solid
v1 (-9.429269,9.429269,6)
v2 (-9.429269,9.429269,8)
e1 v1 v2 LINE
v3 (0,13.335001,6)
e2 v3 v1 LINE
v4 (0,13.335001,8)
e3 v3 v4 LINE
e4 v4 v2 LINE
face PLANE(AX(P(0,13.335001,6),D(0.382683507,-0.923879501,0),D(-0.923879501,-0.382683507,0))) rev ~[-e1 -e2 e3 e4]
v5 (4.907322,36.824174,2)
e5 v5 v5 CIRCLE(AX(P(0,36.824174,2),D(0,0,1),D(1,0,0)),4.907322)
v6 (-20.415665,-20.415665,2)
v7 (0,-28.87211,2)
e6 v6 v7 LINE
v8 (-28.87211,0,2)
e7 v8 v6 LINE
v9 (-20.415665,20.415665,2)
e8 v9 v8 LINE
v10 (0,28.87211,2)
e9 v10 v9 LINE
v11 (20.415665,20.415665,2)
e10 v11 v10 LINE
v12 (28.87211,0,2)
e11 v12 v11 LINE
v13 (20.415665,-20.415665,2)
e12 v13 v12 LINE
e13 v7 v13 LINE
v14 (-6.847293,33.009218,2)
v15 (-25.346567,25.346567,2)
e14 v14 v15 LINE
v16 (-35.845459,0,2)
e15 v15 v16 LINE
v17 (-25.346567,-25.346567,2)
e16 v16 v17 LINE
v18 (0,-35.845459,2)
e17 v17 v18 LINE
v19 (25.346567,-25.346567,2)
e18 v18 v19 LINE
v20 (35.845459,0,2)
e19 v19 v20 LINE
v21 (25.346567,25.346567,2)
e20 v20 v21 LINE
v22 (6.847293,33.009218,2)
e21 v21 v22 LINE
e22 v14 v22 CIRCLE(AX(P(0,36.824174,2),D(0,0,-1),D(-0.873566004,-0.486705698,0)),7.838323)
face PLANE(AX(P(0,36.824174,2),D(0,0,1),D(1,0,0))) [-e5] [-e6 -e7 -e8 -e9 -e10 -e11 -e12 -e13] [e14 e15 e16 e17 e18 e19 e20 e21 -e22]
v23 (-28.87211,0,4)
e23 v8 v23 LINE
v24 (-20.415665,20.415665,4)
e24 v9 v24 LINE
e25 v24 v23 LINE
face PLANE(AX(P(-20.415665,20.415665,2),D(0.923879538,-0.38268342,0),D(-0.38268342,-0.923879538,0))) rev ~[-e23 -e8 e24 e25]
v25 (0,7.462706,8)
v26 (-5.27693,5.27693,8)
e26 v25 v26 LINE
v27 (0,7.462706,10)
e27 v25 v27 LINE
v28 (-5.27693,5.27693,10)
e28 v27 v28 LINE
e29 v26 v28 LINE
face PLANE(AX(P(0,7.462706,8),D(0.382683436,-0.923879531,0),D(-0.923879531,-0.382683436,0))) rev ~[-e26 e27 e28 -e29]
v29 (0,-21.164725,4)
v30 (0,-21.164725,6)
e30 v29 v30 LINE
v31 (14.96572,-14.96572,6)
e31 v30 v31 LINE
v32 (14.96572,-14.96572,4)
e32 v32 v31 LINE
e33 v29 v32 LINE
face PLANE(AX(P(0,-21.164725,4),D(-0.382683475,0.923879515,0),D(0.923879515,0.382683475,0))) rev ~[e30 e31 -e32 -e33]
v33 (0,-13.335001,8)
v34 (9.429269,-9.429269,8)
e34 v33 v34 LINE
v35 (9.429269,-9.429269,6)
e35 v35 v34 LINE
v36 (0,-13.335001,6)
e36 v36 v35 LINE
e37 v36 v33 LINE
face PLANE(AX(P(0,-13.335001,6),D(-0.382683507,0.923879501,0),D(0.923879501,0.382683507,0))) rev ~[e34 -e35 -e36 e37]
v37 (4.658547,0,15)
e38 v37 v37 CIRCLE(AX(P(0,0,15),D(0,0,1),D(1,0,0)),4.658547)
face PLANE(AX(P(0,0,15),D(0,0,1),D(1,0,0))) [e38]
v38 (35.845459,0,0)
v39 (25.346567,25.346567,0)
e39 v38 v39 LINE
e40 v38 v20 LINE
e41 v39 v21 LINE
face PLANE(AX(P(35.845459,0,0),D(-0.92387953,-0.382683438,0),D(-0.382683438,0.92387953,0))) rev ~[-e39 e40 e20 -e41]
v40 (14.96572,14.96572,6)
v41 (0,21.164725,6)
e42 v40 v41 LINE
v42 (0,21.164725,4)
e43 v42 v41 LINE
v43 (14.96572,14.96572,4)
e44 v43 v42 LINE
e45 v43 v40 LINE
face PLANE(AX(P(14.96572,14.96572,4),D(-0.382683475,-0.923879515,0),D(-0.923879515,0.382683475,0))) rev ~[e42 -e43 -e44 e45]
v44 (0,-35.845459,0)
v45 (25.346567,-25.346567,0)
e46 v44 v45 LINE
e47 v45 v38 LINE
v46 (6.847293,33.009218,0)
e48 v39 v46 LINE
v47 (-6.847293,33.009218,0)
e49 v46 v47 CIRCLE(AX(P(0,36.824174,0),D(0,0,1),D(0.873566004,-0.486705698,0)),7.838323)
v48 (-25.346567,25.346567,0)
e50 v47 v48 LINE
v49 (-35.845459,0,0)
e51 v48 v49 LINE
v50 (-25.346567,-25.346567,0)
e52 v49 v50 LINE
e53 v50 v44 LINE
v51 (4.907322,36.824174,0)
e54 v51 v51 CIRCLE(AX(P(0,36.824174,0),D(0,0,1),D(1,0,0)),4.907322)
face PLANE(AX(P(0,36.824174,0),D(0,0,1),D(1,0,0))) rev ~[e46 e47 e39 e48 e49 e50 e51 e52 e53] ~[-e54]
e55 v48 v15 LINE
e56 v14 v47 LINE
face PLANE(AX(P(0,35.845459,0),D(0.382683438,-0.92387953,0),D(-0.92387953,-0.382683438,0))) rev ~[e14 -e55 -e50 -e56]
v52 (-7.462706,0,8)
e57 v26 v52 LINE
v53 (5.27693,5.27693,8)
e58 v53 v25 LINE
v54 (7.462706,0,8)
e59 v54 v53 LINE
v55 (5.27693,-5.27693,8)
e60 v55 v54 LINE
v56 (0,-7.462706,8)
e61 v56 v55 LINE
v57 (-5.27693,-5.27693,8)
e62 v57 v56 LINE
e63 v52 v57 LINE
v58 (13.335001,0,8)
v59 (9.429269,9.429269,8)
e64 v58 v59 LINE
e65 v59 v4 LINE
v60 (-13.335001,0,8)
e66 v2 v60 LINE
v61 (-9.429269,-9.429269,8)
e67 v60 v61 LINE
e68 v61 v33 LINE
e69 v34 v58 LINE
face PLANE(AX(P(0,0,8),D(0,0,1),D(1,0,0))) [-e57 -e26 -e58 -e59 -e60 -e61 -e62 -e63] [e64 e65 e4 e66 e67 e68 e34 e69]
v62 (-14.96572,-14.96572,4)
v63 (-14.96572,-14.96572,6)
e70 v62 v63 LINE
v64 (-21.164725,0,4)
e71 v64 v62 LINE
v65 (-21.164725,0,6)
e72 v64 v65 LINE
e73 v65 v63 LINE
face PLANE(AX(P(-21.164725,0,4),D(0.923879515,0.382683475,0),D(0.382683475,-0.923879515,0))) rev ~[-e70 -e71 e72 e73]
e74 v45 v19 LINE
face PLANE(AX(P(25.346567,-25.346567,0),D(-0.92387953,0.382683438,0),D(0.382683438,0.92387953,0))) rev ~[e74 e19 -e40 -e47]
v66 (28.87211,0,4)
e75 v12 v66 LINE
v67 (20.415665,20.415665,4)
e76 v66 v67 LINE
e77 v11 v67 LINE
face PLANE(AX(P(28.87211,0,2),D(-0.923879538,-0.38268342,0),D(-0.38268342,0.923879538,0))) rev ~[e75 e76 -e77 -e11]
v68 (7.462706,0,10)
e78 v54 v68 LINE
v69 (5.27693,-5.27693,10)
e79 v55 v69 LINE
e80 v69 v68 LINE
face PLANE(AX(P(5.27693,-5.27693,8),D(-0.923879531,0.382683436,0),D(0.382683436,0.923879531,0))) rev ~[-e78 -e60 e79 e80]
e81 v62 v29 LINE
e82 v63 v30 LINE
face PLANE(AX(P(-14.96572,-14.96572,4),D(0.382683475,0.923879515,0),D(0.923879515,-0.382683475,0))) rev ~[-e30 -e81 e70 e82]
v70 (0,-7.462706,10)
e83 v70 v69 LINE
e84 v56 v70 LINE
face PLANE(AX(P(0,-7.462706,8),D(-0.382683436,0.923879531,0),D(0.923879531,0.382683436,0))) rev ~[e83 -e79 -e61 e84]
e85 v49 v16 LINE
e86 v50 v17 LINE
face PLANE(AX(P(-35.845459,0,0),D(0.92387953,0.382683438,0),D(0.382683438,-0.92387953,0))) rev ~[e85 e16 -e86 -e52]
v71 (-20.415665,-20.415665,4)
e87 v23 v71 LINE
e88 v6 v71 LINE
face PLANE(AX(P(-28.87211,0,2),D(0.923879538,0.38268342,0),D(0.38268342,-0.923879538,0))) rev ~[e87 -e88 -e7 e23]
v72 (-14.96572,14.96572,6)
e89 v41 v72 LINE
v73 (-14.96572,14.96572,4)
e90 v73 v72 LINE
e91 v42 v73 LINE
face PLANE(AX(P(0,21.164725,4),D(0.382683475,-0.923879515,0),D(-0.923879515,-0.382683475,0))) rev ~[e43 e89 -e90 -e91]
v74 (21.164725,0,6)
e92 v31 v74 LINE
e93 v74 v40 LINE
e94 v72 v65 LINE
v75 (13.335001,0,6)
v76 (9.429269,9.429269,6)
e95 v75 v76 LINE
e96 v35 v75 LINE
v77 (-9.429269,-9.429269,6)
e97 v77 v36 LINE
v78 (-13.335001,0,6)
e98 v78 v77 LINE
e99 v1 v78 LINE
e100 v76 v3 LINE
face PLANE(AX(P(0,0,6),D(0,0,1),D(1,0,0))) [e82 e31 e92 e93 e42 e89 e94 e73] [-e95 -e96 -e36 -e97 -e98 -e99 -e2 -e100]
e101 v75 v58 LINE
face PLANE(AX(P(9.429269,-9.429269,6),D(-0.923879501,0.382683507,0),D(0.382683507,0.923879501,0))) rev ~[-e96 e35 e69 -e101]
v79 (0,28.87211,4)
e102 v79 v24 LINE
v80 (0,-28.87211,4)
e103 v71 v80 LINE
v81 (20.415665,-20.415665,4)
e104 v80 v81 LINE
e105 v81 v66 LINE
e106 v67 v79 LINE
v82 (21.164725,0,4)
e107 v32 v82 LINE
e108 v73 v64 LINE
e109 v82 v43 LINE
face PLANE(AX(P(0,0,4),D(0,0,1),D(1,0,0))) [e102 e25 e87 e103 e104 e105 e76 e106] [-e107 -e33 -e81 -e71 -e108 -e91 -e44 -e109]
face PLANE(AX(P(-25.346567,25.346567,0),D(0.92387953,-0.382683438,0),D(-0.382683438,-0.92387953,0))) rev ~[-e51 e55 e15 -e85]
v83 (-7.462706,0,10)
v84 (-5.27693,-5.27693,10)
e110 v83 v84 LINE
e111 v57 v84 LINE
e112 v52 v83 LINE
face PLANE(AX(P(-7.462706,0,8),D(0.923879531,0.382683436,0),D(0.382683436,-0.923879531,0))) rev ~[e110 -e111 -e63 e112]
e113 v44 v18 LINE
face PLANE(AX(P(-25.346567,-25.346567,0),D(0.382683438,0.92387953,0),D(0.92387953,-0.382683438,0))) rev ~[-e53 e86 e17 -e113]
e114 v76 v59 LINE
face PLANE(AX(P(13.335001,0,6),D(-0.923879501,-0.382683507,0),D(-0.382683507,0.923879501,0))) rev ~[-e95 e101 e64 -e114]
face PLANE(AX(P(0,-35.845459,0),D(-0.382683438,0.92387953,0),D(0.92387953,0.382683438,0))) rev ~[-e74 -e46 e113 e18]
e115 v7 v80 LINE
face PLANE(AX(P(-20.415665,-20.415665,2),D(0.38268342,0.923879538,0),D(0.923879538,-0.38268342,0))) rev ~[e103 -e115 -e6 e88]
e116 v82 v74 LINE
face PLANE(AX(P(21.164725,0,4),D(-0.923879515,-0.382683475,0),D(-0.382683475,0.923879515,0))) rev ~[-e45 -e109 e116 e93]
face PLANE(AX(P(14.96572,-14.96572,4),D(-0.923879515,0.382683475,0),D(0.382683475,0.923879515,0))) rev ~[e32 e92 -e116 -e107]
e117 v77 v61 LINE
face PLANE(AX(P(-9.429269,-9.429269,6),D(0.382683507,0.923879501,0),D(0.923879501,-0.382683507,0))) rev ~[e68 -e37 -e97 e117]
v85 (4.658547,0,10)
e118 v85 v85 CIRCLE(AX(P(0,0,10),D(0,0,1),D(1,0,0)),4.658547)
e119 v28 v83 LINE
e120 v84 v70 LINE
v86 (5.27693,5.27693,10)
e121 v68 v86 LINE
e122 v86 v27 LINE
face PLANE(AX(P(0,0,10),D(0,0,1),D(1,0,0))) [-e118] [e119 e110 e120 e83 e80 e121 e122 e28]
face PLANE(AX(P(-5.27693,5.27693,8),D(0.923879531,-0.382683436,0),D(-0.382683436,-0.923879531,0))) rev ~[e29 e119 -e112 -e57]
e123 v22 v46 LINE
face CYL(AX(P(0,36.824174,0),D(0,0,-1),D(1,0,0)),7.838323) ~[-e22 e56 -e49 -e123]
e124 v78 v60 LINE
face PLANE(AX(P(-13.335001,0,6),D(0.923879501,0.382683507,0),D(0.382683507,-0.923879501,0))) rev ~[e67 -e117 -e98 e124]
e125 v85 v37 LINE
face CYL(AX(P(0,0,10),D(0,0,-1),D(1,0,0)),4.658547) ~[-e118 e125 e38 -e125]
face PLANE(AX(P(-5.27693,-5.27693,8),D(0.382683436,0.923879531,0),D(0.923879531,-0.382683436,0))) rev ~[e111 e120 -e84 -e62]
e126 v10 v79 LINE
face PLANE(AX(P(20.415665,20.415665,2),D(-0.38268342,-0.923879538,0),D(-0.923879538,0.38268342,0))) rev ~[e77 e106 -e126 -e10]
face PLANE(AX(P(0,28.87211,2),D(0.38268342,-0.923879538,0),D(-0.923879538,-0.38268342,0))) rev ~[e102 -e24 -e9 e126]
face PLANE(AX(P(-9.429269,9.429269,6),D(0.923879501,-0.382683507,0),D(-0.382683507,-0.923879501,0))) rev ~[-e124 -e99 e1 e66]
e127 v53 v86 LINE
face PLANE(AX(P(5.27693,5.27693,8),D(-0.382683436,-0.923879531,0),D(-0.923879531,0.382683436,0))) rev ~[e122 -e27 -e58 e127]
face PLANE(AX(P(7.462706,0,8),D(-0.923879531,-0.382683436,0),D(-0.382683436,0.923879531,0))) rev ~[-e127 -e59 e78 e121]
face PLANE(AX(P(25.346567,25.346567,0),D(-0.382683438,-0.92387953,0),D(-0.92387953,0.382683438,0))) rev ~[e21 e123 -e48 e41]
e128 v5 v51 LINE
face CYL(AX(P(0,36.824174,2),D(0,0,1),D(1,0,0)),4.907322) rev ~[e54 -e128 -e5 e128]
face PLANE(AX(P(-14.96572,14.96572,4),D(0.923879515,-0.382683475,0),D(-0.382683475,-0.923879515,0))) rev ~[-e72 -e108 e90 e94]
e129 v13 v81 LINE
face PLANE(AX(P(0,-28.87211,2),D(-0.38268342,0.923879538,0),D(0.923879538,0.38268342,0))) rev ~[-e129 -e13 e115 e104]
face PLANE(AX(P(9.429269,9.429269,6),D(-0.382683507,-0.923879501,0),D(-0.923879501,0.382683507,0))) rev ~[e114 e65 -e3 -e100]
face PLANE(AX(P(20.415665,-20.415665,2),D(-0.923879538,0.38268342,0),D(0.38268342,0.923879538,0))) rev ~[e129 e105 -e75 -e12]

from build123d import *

# Parameters (mm, degrees)
F1_DEPTH  = 2
F3_DEPTH  = 2
F5_DEPTH  = 2
F7_DEPTH  = 2
F9_DEPTH  = 2
F10_R     = 7.838323
F11_DEPTH = 2
F12_R     = 4.907322
F13_DEPTH = 25.4
F14_R     = 4.658547
F15_DEPTH = 5


with BuildPart() as f1:
    # F0 (on Top) → F1 (new body)
    with BuildSketch(Plane.XY):
        Polygon((25.346567, 25.346567), (0, 35.845459), (-25.346567, 25.346567), (-35.845459, 0), (-25.346567, -25.346567), (0, -35.845459), (25.346567, -25.346567), (35.845459, 0), align=None)
    extrude(amount=F1_DEPTH)

    # F2 (on face) → F3 (join)
    with BuildSketch(Plane.XY.offset(2)):
        Polygon((20.415665, 20.415665), (0, 28.87211), (-20.415665, 20.415665), (-28.87211, 0), (-20.415665, -20.415665), (0, -28.87211), (20.415665, -20.415665), (28.87211, 0), align=None)
    extrude(amount=F3_DEPTH)

    # F4 (on face) → F5 (join)
    with BuildSketch(Plane.XY.offset(4)):
        Polygon((14.96572, 14.96572), (0, 21.164725), (-14.96572, 14.96572), (-21.164725, 0), (-14.96572, -14.96572), (0, -21.164725), (14.96572, -14.96572), (21.164725, 0), align=None)
    extrude(amount=F5_DEPTH)

    # F6 (on face) → F7 (join)
    with BuildSketch(Plane.XY.offset(6)):
        Polygon((9.429269, 9.429269), (0, 13.335001), (-9.429269, 9.429269), (-13.335001, 0), (-9.429269, -9.429269), (0, -13.335001), (9.429269, -9.429269), (13.335001, 0), align=None)
    extrude(amount=F7_DEPTH)

    # F8 (on face) → F9 (join)
    with BuildSketch(Plane.XY.offset(8)):
        Polygon((5.27693, 5.27693), (0, 7.462706), (-5.27693, 5.27693), (-7.462706, 0), (-5.27693, -5.27693), (0, -7.462706), (5.27693, -5.27693), (7.462706, 0), align=None)
    extrude(amount=F9_DEPTH)

    # F10 (on Top) → F11 (join)
    with BuildSketch(Plane.XY):
        with Locations((0, 36.824174)):
            Circle(F10_R)
    extrude(amount=F11_DEPTH)

    # F12 (on face) → F13 (cut)
    with BuildSketch(Plane.XY.offset(2)):
        with Locations((0, 36.824174)):
            Circle(F12_R)
    extrude(amount=-F13_DEPTH, mode=Mode.SUBTRACT)

    # F14 (on face) → F15 (join)
    with BuildSketch(Plane.XY.offset(10)):
        Circle(F14_R)
    extrude(amount=F15_DEPTH)


solid = f1.part
